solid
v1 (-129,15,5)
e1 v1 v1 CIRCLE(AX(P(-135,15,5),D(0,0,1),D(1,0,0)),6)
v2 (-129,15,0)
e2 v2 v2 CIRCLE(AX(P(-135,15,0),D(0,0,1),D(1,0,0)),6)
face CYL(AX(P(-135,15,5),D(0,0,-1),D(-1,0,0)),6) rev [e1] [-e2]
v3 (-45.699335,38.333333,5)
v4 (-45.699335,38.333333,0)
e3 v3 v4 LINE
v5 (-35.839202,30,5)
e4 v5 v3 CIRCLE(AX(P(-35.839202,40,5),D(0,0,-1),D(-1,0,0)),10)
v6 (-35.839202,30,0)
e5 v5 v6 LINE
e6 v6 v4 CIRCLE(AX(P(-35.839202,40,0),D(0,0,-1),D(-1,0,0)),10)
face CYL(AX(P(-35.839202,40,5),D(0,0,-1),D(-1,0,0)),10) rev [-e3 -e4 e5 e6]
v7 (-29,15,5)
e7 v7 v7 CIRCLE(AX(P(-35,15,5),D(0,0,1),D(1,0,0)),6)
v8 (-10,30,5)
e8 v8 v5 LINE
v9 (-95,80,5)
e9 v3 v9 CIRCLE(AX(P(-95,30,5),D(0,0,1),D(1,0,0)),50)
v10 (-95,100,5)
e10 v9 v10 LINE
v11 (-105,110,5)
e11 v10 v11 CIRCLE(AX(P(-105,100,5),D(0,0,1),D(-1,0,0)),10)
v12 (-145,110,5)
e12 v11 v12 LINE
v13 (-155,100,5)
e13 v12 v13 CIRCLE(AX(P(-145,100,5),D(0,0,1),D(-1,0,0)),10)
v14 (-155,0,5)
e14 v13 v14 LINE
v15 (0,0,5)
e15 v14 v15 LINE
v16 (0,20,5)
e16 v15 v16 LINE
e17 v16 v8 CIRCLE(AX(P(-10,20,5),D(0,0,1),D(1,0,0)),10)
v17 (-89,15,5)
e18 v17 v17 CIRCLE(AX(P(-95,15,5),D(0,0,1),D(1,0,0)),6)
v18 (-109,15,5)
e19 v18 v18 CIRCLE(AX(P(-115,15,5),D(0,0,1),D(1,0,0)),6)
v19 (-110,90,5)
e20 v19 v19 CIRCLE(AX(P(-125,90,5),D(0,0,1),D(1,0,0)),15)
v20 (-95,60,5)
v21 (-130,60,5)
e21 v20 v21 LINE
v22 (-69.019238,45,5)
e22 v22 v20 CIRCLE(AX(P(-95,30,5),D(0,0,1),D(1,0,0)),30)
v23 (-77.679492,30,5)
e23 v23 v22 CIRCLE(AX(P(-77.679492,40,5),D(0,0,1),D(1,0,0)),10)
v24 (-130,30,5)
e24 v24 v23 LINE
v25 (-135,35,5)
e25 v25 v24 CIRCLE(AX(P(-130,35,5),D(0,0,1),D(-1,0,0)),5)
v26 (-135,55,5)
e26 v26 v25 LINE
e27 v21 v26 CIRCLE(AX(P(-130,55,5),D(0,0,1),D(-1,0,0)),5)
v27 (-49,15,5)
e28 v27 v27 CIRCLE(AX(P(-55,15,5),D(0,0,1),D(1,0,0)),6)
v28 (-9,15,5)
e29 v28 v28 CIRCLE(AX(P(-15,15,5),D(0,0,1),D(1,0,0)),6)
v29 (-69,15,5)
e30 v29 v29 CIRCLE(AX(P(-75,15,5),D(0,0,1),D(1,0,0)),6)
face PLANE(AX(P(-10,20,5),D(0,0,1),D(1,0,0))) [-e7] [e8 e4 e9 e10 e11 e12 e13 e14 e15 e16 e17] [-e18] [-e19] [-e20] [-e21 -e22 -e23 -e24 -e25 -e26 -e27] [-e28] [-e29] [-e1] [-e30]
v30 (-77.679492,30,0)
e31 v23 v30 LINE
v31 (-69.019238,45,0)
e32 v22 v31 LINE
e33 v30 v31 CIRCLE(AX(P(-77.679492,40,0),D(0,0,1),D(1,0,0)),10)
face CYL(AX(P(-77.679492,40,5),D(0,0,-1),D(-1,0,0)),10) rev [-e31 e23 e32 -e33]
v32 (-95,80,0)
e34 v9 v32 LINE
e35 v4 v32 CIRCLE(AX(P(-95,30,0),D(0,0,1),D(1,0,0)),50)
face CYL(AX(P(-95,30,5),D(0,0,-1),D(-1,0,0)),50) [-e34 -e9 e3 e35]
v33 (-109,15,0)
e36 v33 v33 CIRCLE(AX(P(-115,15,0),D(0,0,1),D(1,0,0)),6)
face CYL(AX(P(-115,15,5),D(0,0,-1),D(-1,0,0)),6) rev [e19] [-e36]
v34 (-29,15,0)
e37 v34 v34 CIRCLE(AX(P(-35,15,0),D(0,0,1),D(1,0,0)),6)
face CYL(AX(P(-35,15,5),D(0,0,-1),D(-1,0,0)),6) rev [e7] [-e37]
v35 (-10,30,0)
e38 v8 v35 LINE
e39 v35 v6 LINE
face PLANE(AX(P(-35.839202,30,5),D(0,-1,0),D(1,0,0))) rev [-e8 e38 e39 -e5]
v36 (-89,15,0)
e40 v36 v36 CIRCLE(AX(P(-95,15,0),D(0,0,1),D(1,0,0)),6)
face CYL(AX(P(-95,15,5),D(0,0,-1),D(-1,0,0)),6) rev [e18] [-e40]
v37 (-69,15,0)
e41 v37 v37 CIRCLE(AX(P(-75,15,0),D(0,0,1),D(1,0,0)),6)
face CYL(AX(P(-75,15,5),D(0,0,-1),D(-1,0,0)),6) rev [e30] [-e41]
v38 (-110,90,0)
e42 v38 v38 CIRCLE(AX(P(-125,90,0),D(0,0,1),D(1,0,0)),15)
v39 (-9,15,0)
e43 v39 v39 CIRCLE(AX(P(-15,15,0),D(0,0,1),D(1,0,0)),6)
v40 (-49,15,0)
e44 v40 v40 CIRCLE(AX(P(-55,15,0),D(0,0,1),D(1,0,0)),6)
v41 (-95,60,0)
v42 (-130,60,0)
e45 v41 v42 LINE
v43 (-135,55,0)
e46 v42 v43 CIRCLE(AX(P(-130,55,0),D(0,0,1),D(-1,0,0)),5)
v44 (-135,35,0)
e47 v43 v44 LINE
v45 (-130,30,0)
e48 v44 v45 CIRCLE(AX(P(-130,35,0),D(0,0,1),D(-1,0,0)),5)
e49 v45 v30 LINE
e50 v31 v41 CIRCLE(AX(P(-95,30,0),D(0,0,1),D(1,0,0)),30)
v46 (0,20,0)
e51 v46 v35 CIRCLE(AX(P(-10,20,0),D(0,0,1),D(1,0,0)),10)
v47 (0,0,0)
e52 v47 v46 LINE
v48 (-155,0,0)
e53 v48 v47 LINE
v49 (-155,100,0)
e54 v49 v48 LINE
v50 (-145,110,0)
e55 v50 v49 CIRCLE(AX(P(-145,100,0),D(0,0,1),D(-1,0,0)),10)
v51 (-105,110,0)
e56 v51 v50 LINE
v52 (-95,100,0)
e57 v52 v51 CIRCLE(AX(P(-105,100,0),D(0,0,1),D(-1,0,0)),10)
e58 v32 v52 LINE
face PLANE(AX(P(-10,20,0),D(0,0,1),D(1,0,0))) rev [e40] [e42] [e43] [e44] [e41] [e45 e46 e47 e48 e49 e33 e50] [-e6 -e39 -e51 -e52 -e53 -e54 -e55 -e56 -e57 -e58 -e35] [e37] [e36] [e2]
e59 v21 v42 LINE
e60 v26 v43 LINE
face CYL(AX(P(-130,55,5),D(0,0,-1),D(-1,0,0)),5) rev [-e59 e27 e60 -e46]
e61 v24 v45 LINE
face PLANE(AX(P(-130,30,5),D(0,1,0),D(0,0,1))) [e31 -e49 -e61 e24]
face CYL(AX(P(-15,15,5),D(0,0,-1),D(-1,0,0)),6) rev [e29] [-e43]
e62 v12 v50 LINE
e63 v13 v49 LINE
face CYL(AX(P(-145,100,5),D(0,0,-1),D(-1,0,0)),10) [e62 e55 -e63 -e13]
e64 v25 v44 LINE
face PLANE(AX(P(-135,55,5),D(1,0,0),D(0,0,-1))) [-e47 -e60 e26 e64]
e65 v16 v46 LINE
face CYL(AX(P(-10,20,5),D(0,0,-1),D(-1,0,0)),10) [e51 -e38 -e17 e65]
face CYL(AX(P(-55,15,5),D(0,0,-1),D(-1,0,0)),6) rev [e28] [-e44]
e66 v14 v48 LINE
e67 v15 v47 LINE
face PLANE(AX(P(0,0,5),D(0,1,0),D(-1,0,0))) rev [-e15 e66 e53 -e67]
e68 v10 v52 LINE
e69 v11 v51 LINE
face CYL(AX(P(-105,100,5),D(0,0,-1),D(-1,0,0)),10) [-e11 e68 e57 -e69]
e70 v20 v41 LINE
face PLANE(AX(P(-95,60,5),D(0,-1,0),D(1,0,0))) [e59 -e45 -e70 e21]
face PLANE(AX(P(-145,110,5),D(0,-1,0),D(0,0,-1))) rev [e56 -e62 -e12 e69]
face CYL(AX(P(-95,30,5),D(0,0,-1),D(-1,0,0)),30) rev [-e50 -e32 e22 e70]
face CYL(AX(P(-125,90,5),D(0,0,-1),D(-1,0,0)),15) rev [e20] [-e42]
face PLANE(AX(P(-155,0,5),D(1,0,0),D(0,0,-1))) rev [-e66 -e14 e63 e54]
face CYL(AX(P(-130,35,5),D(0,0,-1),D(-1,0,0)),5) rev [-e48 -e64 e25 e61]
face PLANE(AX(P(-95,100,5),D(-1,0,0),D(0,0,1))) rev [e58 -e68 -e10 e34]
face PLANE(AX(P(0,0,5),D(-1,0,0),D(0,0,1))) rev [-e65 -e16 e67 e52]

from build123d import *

# Parameters (mm, degrees)
SKETCH2_R           = 15
SKETCH2_R_2         = 6
BOSS_EXTRUDE1_DEPTH = 5


with BuildPart() as part:
    # Sketch2 → Boss-Extrude1 (new body)
    with BuildSketch(Plane.XY):
        with BuildLine():
            Line((0, 0), (-155, 0))
            Line((-155, 0), (-155, 100))
            ThreePointArc((-155, 100), (-152.071067812, 107.071067812), (-145, 110))
            Line((-145, 110), (-105, 110))
            ThreePointArc((-105, 110), (-97.928932188, 107.071067812), (-95, 100))
            Line((-95, 100), (-95, 80))
            ThreePointArc((-95, 80), (-62.725138782, 68.188130791), (-45.699335141, 38.333333333))
            ThreePointArc((-45.699335141, 38.333333333), (-42.294174413, 32.362373842), (-35.839202169, 30))
            Line((-35.839202169, 30), (-10, 30))
            ThreePointArc((-10, 30), (-2.928932188, 27.071067812), (0, 20))
            Line((0, 20), (0, 0))
        make_face()
        with Locations((-125, 90)):
            Circle(SKETCH2_R, mode=Mode.SUBTRACT)
        with Locations((-135, 15)):
            Circle(SKETCH2_R_2, mode=Mode.SUBTRACT)
        with Locations((-115, 15)):
            Circle(SKETCH2_R_2, mode=Mode.SUBTRACT)
        with Locations((-95, 15)):
            Circle(SKETCH2_R_2, mode=Mode.SUBTRACT)
        with Locations((-75, 15)):
            Circle(SKETCH2_R_2, mode=Mode.SUBTRACT)
        with Locations((-55, 15)):
            Circle(SKETCH2_R_2, mode=Mode.SUBTRACT)
        with Locations((-35, 15)):
            Circle(SKETCH2_R_2, mode=Mode.SUBTRACT)
        with Locations((-15, 15)):
            Circle(SKETCH2_R_2, mode=Mode.SUBTRACT)
        with BuildLine():
            Line((-95, 60), (-130, 60))
            ThreePointArc((-130, 60), (-133.535533906, 58.535533906), (-135, 55))
            Line((-135, 55), (-135, 35))
            ThreePointArc((-135, 35), (-133.535533906, 31.464466094), (-130, 30))
            Line((-130, 30), (-95, 30))
            Line((-95, 30), (-77.679491924, 30))
            ThreePointArc((-77.679491924, 30), (-69.019237886, 35), (-69.019237886, 45))
            ThreePointArc((-69.019237886, 45), (-80, 55.980762114), (-95, 60))
        make_face(mode=Mode.SUBTRACT)
    extrude(amount=BOSS_EXTRUDE1_DEPTH)


solid = part.part
